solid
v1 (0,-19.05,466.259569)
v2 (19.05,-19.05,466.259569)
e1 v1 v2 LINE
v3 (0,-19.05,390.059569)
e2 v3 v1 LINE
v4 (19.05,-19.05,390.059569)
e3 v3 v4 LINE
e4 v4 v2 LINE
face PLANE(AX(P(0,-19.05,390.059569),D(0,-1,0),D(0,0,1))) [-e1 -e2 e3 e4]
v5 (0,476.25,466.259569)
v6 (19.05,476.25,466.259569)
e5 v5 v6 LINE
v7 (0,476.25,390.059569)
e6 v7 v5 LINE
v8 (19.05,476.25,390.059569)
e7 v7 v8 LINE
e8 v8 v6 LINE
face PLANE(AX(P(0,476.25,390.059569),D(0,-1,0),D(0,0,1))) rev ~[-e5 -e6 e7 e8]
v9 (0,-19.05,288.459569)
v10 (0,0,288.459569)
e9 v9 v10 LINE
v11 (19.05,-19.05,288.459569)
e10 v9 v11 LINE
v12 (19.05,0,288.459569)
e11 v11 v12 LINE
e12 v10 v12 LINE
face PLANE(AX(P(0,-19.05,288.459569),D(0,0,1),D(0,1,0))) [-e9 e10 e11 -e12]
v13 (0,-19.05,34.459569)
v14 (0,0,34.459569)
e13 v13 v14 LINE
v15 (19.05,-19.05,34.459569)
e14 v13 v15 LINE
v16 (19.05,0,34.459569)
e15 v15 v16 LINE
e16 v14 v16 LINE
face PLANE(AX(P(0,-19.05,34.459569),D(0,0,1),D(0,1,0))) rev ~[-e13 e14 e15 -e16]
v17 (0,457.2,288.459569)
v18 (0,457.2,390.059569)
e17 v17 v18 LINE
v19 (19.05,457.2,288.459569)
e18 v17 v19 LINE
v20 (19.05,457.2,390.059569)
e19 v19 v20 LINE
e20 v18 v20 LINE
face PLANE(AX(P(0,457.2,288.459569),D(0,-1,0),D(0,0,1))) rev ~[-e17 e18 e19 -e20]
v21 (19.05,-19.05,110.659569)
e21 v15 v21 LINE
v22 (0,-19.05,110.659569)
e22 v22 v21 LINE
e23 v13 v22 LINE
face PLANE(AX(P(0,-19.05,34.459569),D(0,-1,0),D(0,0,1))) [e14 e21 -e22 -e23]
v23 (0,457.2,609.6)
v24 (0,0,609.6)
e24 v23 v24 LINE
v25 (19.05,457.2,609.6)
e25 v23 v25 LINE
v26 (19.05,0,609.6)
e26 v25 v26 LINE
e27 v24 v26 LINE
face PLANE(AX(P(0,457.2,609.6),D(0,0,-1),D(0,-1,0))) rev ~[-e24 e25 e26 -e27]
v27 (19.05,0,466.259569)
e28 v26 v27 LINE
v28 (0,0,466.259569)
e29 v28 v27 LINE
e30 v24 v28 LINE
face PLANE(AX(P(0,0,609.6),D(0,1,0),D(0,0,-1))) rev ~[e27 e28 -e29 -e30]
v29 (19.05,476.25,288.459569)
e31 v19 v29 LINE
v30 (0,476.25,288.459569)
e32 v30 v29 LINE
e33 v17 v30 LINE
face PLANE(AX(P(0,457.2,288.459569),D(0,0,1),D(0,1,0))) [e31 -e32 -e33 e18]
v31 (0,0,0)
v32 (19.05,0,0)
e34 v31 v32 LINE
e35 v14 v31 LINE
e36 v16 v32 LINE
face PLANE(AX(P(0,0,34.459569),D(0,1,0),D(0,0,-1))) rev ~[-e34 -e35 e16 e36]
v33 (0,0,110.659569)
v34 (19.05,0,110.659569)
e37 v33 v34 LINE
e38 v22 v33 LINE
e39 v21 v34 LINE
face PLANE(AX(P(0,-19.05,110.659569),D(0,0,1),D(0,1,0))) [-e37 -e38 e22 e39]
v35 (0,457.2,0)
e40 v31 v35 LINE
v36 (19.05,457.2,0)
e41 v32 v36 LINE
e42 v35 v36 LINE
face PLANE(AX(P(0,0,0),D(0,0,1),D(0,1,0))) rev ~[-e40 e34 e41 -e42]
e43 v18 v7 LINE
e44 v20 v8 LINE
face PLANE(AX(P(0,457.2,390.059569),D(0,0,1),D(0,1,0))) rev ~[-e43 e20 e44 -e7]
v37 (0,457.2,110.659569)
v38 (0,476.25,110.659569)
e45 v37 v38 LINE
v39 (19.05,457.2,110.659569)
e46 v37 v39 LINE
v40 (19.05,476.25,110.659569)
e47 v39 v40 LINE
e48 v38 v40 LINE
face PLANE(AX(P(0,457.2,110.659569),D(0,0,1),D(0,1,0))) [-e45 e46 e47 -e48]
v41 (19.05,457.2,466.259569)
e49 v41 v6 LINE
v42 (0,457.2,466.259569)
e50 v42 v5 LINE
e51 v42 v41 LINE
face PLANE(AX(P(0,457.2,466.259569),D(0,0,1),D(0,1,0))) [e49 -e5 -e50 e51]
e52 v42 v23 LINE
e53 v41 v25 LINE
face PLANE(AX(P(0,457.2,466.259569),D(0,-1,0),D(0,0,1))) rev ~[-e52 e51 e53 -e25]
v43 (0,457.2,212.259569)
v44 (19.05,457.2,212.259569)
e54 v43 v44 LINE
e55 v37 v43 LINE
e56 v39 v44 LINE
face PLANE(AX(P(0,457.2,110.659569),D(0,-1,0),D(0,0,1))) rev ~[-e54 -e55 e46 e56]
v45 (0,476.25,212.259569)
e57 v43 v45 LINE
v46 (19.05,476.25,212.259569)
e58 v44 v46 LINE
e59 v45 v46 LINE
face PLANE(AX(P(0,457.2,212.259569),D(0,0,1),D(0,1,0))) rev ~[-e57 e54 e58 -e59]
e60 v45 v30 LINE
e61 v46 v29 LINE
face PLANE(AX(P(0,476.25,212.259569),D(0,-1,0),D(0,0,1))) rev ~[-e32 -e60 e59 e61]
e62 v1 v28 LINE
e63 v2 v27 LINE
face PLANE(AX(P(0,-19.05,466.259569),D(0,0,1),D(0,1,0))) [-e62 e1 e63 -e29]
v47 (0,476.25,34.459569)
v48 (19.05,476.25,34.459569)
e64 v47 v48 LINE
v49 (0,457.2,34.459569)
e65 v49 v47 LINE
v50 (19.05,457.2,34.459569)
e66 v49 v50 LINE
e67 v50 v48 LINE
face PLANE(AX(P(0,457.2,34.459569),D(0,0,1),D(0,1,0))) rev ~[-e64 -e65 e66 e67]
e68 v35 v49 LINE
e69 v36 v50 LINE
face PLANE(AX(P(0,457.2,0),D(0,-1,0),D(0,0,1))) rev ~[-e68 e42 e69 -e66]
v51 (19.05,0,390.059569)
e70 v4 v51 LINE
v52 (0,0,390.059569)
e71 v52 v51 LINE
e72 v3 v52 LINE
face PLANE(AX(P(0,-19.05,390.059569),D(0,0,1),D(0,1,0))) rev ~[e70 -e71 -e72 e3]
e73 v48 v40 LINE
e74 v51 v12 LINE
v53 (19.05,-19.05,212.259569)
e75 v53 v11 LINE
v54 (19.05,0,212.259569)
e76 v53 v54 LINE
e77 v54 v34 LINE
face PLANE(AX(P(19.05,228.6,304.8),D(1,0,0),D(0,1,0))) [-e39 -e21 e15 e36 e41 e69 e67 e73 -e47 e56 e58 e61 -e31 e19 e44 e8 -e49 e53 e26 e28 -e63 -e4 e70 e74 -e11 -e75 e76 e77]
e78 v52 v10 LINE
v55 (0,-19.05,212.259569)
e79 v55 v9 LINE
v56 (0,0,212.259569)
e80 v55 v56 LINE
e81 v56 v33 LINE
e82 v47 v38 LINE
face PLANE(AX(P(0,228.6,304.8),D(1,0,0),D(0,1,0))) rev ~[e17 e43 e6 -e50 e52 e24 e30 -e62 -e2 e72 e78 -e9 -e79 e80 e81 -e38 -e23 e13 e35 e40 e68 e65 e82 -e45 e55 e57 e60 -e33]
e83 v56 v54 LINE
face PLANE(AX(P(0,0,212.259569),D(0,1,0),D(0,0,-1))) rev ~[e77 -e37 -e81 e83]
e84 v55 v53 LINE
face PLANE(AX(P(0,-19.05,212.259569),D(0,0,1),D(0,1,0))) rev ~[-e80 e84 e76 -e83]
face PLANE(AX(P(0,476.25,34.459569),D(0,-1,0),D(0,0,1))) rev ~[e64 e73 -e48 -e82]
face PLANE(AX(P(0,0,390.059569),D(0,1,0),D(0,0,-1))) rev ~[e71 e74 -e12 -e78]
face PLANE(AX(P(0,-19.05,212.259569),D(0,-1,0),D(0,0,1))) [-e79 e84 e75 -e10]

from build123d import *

# Parameters (mm, degrees)
F0_W     = 19.05
F0_H     = 76.2
F1_DEPTH = 19.05


with BuildPart() as f1:
    # F0 (on Right) → F1 (new body)
    with BuildSketch(Plane.YZ):
        Polygon((0, 34.459569), (0, 0), (457.2, 0), (457.2, 34.459569), (457.2, 110.659569), (457.2, 212.259569), (457.2, 288.459569), (457.2, 390.059569), (457.2, 466.259569), (457.2, 609.6), (0, 609.6), (0, 466.259569), (0, 390.059569), (0, 288.459569), (0, 212.259569), (0, 110.659569), align=None)
        with Locations((-9.525, 72.559569)):
            Rectangle(F0_W, F0_H)
        with Locations((466.725, 72.559569)):
            Rectangle(F0_W, F0_H)
        with Locations((-9.525, 250.359569)):
            Rectangle(F0_W, F0_H)
        with Locations((466.725, 250.359569)):
            Rectangle(F0_W, F0_H)
        with Locations((-9.525, 428.159569)):
            Rectangle(F0_W, F0_H)
        with Locations((466.725, 428.159569)):
            Rectangle(F0_W, F0_H)
    extrude(amount=F1_DEPTH)


solid = f1.part
